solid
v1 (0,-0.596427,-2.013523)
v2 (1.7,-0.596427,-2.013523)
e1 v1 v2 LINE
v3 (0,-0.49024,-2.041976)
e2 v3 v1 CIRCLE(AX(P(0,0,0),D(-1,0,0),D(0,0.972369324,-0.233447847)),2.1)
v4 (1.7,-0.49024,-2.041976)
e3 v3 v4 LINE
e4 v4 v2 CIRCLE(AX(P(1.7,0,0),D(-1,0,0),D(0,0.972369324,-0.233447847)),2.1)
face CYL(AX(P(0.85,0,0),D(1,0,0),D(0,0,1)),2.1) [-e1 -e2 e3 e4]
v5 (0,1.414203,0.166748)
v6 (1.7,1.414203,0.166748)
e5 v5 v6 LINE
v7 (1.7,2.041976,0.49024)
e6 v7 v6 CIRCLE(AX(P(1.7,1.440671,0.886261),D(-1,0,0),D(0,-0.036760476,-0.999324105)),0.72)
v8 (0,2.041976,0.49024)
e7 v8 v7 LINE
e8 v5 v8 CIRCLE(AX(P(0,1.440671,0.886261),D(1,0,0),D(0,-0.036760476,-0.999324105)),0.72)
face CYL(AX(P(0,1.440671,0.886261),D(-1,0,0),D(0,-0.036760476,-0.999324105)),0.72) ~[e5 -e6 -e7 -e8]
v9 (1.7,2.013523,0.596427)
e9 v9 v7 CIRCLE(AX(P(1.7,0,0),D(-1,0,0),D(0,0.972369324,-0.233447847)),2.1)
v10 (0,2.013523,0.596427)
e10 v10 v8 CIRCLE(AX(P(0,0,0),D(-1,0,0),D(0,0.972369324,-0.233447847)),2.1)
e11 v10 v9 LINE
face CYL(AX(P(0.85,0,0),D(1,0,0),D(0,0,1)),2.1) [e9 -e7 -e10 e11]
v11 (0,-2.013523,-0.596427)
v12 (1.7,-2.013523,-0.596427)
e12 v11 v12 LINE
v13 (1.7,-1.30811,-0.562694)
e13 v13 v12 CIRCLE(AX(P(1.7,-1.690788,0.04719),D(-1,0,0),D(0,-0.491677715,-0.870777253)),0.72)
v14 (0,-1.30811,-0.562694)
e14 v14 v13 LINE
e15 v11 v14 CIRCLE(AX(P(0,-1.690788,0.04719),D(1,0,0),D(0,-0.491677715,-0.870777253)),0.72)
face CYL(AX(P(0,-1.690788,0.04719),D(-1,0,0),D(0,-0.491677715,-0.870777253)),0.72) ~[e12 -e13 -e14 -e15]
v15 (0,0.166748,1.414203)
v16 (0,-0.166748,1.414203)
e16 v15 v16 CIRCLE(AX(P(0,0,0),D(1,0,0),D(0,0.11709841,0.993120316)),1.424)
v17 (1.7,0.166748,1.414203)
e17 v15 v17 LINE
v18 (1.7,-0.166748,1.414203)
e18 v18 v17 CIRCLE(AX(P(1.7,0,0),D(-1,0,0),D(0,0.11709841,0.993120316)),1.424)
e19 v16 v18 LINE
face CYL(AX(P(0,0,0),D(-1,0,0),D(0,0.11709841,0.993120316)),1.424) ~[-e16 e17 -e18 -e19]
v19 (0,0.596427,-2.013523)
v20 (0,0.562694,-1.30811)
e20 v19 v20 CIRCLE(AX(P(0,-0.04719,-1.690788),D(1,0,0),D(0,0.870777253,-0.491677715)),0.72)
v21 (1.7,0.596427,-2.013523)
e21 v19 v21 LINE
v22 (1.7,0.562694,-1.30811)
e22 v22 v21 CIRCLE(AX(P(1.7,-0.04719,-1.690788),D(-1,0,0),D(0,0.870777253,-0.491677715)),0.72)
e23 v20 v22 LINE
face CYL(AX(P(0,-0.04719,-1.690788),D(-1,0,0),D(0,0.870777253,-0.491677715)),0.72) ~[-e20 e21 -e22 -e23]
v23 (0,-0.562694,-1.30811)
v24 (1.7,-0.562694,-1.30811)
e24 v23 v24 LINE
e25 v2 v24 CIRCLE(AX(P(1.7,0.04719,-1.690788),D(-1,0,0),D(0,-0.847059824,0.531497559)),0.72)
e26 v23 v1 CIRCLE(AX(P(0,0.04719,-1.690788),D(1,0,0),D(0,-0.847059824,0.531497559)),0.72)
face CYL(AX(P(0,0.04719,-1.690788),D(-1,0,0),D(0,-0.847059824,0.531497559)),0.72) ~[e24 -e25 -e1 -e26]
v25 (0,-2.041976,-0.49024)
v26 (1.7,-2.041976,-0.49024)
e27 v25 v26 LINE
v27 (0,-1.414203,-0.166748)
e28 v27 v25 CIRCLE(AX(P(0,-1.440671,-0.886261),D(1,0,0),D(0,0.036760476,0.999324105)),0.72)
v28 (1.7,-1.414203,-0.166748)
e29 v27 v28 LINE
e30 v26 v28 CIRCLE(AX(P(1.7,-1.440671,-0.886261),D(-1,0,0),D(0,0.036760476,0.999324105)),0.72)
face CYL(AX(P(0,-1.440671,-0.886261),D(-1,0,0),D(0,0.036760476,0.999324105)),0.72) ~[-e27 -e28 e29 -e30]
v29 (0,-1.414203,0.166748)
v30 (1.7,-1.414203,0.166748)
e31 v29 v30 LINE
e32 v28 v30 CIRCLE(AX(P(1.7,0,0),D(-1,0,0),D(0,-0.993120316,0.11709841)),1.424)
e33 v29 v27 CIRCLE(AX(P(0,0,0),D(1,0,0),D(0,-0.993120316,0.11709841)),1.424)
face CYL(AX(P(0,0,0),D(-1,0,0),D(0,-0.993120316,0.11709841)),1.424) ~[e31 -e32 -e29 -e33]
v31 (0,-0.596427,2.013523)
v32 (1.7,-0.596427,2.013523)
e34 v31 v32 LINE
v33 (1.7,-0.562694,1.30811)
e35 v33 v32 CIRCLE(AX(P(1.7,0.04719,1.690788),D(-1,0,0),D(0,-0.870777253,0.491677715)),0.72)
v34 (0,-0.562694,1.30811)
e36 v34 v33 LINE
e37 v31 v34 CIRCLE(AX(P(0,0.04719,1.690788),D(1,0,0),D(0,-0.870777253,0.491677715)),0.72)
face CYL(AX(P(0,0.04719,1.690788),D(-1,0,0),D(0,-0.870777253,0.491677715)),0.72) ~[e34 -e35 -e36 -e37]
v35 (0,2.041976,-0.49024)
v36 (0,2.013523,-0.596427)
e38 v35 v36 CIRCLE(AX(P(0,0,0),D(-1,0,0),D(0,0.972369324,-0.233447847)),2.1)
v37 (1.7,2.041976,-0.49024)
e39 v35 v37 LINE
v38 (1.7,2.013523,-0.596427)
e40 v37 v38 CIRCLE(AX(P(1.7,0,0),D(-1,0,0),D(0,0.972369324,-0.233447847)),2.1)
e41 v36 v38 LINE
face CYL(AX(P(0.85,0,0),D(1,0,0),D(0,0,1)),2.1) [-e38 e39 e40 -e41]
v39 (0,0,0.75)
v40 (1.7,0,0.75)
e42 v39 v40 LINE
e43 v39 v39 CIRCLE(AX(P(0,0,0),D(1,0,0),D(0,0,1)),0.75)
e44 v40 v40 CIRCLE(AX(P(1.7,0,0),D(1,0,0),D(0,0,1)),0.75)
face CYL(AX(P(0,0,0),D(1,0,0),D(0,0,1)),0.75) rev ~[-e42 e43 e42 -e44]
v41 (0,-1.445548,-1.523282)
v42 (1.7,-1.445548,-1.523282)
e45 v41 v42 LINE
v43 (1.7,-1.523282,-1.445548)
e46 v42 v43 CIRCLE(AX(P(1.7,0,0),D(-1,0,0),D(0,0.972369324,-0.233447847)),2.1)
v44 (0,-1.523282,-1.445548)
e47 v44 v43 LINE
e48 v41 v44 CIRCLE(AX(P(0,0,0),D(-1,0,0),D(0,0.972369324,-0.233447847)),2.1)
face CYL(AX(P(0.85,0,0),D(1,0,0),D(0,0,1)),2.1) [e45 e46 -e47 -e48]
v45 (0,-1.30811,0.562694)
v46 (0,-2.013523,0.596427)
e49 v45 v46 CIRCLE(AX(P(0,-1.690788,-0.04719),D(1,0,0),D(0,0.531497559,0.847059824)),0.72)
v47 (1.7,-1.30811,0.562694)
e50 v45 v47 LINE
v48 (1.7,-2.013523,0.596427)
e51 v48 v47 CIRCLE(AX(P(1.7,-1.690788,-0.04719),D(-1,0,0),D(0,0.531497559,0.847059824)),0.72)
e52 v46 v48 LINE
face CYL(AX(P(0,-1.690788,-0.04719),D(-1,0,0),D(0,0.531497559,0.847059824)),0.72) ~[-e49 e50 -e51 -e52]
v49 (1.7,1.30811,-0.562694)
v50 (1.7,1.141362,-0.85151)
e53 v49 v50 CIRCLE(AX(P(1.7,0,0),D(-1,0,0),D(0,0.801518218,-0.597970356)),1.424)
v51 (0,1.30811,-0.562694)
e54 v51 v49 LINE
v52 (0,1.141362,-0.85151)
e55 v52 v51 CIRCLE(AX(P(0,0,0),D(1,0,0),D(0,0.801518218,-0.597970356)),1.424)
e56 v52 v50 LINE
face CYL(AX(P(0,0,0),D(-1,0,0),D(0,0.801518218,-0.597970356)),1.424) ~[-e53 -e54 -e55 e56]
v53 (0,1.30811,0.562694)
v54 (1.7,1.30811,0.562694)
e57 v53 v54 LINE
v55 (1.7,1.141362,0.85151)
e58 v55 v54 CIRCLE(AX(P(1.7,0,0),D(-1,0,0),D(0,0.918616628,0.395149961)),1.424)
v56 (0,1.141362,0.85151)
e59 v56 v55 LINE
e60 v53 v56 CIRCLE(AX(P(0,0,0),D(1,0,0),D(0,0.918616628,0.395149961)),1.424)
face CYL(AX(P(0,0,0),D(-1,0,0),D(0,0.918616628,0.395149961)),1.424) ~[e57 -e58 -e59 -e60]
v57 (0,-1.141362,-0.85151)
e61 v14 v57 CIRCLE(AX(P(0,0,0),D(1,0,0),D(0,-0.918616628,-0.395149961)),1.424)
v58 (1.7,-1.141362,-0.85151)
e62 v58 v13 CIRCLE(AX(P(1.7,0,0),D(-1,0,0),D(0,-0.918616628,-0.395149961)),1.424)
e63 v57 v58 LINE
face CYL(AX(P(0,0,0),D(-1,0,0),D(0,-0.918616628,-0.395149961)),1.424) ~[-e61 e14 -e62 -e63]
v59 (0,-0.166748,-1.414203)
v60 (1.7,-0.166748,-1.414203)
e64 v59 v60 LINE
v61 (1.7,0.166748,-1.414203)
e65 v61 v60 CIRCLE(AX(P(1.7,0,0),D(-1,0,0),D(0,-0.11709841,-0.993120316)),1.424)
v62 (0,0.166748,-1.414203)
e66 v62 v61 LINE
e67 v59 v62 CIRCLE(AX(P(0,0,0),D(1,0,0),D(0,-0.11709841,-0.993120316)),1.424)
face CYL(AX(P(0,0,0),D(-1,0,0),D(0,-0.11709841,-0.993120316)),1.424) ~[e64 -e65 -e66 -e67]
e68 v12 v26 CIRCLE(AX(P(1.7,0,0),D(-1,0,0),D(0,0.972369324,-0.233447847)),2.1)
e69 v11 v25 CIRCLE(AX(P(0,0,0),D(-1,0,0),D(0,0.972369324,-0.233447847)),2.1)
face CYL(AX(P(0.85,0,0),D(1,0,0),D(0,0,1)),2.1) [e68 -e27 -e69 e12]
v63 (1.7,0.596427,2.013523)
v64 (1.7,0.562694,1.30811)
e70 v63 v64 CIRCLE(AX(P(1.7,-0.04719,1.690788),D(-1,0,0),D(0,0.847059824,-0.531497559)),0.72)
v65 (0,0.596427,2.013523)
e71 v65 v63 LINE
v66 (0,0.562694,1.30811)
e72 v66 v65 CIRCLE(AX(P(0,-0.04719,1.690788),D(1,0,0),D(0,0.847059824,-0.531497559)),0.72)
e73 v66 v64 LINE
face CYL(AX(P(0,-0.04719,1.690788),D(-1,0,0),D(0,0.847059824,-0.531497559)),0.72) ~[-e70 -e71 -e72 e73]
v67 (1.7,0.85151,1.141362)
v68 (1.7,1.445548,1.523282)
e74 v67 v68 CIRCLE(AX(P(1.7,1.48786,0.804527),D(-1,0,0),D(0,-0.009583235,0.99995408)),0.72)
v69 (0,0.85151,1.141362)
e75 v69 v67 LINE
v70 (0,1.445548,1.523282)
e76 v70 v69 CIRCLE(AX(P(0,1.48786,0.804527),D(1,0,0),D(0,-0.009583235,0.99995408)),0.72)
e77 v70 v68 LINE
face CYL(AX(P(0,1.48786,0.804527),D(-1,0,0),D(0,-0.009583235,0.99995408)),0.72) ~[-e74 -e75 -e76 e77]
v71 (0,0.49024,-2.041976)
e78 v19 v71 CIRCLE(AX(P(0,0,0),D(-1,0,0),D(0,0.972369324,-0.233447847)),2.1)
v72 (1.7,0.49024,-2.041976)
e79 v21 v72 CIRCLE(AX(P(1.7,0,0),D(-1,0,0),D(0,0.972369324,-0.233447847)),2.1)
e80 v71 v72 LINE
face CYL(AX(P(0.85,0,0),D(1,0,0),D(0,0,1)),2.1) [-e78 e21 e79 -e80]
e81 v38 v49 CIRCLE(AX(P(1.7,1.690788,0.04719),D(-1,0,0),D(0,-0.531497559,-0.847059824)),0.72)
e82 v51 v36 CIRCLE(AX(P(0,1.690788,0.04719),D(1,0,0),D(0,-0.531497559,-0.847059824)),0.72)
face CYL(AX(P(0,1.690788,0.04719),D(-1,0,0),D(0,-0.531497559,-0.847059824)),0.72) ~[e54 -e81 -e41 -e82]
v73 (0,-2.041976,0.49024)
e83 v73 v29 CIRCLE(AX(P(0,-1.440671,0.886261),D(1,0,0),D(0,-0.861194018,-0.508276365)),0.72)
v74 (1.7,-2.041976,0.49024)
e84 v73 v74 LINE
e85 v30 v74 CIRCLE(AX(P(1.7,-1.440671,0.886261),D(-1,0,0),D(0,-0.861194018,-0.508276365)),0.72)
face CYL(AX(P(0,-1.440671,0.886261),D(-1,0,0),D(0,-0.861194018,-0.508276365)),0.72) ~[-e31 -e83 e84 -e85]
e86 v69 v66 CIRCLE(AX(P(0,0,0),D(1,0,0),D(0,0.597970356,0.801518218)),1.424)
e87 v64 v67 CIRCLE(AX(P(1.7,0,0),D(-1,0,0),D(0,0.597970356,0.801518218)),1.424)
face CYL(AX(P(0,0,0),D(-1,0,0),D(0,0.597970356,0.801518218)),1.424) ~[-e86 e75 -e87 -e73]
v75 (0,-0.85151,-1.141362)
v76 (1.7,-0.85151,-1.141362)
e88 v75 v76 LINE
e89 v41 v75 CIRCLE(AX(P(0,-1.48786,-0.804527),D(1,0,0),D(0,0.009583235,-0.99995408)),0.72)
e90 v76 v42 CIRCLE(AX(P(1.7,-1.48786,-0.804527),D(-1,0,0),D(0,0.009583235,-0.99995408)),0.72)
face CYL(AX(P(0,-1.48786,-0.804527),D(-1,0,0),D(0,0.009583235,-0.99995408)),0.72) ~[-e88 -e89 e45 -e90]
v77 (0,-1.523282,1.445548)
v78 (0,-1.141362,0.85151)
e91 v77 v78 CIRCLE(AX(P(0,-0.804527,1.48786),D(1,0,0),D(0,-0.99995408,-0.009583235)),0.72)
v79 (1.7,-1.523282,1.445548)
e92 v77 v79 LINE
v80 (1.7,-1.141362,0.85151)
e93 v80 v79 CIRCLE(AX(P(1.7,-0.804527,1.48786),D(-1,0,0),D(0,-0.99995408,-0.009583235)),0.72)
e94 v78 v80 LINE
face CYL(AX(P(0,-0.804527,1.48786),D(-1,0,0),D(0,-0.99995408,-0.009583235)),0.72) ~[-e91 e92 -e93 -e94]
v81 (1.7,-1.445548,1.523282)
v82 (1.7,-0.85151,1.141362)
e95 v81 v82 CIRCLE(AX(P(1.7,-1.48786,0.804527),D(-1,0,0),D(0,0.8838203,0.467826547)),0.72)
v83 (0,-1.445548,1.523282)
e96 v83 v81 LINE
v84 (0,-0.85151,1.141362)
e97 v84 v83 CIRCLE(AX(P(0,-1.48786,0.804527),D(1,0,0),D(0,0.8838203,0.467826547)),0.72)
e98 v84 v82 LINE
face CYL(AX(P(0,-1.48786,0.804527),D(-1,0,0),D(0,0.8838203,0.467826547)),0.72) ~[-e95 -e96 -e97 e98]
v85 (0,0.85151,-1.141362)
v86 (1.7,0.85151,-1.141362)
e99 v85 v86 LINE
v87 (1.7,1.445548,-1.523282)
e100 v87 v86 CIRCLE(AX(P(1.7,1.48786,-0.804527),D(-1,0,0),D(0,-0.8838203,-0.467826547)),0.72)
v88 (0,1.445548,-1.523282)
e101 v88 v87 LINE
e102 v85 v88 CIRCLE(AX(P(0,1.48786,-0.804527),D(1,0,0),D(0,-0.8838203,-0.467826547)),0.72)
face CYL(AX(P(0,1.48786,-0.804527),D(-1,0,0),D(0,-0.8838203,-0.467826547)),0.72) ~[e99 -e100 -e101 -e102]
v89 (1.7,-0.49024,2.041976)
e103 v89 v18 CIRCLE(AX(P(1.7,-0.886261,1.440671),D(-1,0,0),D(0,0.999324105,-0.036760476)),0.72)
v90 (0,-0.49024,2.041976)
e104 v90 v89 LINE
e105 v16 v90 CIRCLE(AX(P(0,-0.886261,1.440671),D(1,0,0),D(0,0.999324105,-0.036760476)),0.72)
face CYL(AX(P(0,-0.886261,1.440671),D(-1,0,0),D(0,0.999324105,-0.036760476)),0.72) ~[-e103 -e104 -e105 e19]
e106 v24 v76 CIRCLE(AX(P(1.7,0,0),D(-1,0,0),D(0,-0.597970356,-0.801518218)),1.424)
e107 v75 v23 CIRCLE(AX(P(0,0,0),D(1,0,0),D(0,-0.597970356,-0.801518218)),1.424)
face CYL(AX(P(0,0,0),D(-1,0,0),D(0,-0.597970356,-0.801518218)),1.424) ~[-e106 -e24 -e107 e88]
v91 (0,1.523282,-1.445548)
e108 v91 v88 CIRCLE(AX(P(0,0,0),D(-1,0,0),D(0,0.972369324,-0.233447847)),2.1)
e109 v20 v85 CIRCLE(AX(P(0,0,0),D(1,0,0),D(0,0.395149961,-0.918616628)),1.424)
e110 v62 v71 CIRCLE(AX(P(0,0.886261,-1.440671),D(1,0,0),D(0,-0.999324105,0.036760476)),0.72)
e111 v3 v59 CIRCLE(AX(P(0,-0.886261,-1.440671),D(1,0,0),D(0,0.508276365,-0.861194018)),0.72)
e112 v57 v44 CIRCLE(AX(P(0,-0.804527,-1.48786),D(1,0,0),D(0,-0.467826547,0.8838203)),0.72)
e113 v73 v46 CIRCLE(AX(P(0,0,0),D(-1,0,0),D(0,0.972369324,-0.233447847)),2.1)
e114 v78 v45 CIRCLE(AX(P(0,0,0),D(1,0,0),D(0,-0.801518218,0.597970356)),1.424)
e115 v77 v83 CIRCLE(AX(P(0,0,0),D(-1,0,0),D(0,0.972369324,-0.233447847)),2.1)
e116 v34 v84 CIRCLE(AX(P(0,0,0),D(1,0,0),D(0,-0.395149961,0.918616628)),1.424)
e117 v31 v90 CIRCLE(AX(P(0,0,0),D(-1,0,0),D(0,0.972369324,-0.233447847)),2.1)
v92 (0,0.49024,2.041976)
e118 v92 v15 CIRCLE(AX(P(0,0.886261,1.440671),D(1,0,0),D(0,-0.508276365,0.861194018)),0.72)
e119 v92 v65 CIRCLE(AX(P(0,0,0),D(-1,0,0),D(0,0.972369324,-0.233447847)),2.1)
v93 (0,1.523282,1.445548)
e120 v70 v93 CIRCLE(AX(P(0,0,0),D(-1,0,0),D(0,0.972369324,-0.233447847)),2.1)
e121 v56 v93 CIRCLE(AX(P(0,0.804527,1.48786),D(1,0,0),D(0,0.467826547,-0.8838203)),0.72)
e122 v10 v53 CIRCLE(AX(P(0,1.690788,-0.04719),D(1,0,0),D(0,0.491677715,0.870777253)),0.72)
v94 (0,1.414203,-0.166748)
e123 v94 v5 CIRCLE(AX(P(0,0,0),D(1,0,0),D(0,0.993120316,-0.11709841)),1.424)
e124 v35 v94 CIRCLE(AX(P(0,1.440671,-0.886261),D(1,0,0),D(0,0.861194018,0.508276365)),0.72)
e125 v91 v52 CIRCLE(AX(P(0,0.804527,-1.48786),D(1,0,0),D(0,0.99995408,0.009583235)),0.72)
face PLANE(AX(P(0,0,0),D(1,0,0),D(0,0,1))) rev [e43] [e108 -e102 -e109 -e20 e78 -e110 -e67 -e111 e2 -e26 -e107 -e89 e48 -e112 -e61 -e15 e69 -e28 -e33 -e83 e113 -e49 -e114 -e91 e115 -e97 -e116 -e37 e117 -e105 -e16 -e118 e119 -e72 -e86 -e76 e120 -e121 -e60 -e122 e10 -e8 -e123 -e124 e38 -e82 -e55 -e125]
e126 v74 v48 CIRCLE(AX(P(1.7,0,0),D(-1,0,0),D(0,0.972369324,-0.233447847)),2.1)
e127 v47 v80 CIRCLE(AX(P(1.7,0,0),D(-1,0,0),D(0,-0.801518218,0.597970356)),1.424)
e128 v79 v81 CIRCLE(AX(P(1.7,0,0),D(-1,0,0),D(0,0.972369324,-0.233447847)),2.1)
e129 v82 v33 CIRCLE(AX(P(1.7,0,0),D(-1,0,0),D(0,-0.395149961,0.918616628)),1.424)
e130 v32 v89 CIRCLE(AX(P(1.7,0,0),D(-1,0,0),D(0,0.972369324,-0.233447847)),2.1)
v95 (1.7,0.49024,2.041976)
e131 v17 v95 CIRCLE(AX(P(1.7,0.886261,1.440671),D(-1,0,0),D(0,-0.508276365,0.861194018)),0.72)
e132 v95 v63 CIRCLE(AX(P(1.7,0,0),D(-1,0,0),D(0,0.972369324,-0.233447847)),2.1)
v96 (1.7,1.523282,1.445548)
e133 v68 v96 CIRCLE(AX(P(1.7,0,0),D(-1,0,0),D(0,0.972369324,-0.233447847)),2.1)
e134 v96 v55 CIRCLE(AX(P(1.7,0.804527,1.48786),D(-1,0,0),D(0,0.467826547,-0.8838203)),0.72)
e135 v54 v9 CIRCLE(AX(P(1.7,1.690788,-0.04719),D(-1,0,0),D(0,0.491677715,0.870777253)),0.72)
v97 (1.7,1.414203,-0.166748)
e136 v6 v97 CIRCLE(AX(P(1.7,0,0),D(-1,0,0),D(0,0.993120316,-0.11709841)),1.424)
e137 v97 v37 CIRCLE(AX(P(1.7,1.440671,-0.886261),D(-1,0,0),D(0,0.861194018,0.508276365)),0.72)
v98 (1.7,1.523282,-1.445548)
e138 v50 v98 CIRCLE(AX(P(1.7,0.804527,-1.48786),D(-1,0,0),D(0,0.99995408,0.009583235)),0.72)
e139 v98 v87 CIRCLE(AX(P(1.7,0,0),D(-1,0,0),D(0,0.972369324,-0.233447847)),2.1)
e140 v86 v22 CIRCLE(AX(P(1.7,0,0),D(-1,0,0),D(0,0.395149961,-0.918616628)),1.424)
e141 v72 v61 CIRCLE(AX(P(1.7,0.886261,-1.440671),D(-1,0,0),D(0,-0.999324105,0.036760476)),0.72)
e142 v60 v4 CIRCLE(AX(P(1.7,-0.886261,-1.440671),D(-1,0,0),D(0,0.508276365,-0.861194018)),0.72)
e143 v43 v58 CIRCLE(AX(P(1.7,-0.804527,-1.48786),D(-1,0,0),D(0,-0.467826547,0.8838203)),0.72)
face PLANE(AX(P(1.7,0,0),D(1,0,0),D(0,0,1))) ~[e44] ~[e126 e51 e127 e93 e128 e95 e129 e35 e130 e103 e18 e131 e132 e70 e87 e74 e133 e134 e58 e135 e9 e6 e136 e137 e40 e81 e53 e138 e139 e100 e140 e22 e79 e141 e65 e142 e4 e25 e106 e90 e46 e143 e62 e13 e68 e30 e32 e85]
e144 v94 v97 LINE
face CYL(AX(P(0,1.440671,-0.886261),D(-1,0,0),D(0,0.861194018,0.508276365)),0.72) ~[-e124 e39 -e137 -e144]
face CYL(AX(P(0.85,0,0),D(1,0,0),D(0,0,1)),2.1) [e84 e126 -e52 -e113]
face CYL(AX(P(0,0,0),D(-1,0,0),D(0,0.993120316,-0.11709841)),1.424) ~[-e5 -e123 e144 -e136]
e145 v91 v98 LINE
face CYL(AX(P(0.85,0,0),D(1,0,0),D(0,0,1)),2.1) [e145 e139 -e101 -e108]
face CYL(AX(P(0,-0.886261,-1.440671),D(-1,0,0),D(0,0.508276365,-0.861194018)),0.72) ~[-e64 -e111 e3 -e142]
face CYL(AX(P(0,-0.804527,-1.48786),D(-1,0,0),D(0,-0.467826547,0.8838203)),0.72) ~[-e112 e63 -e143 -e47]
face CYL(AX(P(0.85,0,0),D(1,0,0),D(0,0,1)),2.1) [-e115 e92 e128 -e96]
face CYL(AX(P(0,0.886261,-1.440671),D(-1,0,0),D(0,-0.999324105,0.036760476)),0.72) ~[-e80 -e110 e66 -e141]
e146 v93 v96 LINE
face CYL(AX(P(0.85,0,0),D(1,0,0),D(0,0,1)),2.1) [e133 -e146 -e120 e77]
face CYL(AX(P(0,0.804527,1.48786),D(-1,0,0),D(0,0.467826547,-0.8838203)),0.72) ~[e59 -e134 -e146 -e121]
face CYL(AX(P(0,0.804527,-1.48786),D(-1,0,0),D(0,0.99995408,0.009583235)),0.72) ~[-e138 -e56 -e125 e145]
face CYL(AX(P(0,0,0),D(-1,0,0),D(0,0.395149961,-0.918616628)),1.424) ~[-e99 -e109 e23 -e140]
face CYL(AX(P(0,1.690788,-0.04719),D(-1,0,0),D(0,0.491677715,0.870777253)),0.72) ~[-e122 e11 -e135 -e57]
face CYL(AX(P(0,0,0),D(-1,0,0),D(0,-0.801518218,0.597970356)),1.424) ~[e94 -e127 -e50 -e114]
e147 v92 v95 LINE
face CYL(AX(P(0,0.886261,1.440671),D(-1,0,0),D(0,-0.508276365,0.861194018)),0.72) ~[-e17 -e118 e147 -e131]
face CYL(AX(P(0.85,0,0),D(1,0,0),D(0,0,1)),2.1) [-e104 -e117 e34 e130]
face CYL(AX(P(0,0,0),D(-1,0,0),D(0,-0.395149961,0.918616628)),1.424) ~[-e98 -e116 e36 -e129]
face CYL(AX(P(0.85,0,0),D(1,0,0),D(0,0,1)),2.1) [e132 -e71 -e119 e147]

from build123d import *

# Parameters (mm, degrees)
BASPROSKE_W     = 1.7
BASPROSKE_H     = 2.1
TOOTHCUT_DEPTH  = 4.421987726
TEETHCUTS_COUNT = 12
TEETHCUTS_ANGLE = 330
BORSKE_R        = 0.75
BORE_DEPTH      = 50.0000508


with BuildPart() as part:
    # BasProSke → Base-Revolve (revolve)
    with BuildSketch(Plane(origin=(0, 0, 0), x_dir=(1, 0, 0), z_dir=(0, 1, 0)), mode=Mode.PRIVATE) as base_revolve_sk:
        with Locations((0.85, 1.05)):
            Rectangle(BASPROSKE_W, BASPROSKE_H)
    revolve(base_revolve_sk.sketch.rotate(Axis((-10, 0, 0), (1, 0, 0)), 180), axis=Axis((-10, 0, 0), (1, 0, 0)))

    # TooCutSke → ToothCut (cut, through all)
    with BuildSketch(Plane(origin=(0, 0, 0), x_dir=(0, 0, -1), z_dir=(1, 0, 0))):
        with BuildLine():
            ThreePointArc((0.16674814, 1.41420333), (0, 1.424), (-0.16674814, 1.41420333))
            ThreePointArc((-0.16674814, 1.41420333), (-0.254548019, 1.786124318), (-0.520302512, 2.060730564))
            ThreePointArc((-0.520302512, 2.060730564), (0, 2.1254), (0.520302512, 2.060730564))
            ThreePointArc((0.520302512, 2.060730564), (0.254548019, 1.786124318), (0.16674814, 1.41420333))
        make_face()
    toothcut = extrude(amount=TOOTHCUT_DEPTH, mode=Mode.SUBTRACT)

    # TeethCuts: ToothCut ×12 about axis
    teethcuts_axis = Axis((-10, 0, 0), (1, 0, 0))
    for i in range(1, TEETHCUTS_COUNT):
        add(toothcut.rotate(teethcuts_axis, i * TEETHCUTS_ANGLE / (TEETHCUTS_COUNT - 1)), mode=Mode.SUBTRACT)

    # BorSke → Bore (cut, symmetric)
    with BuildSketch(Plane(origin=(0, 0, 0), x_dir=(0, 0, -1), z_dir=(1, 0, 0))):
        with Locations(Location((0, 0, 0), (0, 0, 180))):
            Circle(BORSKE_R)
    extrude(amount=BORE_DEPTH, both=True, mode=Mode.SUBTRACT)


solid = part.part
